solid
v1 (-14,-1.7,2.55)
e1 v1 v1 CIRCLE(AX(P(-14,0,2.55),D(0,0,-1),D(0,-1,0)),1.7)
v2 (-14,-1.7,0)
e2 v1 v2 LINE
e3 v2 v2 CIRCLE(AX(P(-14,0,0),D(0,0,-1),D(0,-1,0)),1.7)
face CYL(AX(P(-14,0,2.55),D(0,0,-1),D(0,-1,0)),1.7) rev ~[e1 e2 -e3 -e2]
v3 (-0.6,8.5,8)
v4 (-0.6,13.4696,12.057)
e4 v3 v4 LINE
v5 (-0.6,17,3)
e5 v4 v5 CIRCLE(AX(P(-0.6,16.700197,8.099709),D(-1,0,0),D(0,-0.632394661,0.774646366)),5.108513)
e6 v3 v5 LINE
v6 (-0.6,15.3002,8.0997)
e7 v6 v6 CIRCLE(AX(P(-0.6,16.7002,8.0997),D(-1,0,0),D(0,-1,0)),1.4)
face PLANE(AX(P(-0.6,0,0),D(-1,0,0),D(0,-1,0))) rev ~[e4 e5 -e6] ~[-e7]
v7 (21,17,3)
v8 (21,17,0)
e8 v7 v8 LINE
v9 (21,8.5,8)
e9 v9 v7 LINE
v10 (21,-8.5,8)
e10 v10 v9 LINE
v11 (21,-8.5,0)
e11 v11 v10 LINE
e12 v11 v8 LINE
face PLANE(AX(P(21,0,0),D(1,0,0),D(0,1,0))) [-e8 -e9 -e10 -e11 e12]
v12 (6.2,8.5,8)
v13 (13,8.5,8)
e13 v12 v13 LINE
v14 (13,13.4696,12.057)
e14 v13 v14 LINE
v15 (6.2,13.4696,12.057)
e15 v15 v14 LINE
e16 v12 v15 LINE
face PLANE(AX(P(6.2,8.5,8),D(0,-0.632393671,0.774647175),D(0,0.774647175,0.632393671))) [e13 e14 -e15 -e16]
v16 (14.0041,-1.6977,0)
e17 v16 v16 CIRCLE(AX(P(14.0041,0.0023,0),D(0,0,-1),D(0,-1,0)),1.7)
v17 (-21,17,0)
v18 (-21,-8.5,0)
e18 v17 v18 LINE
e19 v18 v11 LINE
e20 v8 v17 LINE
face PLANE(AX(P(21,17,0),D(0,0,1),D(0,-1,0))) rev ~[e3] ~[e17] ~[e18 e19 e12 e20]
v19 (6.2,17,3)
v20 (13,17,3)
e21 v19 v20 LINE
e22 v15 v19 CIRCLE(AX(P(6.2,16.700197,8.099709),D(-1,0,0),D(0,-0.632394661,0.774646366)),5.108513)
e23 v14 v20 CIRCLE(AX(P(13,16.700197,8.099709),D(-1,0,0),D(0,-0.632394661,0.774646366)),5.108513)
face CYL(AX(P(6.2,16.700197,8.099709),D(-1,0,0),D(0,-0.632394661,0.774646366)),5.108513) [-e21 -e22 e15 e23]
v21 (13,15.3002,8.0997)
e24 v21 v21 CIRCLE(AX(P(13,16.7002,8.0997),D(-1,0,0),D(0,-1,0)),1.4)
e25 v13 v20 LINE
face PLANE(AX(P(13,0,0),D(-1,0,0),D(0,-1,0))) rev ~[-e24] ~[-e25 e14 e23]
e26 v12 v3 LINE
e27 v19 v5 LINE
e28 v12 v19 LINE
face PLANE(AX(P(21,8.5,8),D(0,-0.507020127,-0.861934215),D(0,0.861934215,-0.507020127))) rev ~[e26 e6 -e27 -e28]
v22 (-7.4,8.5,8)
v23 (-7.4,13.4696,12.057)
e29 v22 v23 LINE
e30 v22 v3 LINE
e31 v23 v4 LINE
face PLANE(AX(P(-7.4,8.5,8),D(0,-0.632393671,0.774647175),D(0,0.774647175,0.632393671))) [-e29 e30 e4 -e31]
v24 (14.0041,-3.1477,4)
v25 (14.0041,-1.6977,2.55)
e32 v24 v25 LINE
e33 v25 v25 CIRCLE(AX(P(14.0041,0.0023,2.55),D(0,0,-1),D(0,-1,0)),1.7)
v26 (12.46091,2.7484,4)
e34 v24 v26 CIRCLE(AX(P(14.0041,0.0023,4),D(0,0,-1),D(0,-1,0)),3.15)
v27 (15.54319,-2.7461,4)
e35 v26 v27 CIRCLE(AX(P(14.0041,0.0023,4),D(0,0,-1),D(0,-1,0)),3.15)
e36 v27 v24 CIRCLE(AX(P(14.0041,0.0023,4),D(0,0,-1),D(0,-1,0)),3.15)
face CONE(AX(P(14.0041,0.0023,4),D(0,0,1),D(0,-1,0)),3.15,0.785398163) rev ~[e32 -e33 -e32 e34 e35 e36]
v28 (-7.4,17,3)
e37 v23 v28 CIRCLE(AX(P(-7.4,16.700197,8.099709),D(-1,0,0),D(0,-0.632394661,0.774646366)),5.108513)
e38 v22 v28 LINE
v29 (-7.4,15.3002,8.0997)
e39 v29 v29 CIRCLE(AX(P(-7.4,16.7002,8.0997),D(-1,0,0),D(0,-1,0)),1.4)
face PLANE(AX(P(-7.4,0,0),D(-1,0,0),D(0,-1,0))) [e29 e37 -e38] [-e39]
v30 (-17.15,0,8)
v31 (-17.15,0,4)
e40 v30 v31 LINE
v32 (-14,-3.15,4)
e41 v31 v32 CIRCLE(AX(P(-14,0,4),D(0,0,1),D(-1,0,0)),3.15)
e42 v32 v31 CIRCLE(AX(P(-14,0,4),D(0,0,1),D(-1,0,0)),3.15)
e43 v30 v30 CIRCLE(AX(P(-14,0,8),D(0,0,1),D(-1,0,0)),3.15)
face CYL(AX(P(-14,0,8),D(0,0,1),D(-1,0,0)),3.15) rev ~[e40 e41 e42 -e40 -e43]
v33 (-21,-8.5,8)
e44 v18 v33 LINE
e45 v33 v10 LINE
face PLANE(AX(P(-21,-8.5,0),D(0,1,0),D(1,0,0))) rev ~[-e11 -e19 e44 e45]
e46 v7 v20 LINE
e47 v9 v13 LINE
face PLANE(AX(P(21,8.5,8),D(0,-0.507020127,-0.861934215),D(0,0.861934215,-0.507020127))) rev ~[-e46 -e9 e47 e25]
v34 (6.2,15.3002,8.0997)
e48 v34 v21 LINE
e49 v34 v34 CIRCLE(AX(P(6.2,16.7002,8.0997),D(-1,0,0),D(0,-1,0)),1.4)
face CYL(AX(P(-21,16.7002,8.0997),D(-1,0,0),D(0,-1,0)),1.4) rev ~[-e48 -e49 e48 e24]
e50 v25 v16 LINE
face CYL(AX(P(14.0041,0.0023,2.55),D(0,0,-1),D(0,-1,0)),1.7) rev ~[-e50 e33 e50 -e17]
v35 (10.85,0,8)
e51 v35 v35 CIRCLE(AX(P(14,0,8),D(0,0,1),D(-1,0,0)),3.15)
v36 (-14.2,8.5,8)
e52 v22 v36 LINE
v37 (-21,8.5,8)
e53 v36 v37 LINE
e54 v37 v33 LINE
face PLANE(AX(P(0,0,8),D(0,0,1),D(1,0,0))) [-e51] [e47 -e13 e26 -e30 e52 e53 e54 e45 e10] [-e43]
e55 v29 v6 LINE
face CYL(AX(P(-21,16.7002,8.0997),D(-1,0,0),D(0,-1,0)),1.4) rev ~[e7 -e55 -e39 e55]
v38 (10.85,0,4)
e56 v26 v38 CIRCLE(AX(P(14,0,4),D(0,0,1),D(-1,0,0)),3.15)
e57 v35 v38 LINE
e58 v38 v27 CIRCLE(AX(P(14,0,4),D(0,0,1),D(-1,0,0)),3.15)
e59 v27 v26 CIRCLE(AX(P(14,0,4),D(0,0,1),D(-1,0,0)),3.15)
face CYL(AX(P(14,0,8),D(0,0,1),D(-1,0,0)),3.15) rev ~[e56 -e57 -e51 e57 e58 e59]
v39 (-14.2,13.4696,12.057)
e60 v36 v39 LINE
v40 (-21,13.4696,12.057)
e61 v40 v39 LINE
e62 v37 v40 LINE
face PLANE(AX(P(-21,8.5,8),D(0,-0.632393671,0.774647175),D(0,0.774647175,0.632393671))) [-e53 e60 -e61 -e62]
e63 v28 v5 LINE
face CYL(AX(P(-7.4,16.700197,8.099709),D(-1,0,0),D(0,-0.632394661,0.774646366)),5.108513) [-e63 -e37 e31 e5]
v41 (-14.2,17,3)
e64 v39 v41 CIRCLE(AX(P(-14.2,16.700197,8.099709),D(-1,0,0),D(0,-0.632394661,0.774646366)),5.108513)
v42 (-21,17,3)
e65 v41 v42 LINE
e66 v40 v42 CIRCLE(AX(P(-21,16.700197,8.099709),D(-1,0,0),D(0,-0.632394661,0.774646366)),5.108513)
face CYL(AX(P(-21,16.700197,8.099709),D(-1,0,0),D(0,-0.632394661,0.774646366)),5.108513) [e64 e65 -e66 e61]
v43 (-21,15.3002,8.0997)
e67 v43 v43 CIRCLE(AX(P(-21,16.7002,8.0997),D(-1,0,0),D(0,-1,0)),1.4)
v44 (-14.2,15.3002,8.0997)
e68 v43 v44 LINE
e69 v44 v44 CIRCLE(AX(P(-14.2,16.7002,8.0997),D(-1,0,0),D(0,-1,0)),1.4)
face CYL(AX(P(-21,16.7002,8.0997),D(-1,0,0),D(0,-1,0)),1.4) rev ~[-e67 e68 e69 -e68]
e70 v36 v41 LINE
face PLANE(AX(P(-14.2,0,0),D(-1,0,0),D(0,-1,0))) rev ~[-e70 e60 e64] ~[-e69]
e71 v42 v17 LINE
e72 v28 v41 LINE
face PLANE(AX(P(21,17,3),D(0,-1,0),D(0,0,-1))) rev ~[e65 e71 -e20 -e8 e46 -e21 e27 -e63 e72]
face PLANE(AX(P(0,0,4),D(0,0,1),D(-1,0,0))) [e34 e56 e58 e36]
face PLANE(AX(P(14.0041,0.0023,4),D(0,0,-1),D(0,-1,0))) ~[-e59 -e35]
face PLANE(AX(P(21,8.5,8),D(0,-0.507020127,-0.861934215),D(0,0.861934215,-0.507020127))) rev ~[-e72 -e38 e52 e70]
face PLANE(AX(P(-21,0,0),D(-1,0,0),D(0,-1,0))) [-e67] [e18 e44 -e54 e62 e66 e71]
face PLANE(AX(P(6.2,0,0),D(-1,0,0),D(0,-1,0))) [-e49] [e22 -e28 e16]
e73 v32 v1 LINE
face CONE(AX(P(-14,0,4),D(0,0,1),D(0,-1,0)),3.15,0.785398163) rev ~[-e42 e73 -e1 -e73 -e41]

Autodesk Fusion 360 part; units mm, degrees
sketch "Sketch1" plane through (0, 0, 0) normal (0, 0, 1) x (1, 0, 0)
  line L0 (21, 8.5) -> (-21, 8.5)
  line L1 (-21, 8.5) -> (-21, -8.5)
  line L2 (-21, -8.5) -> (21, -8.5)
  line L3 (21, -8.5) -> (21, 8.5)
  line L4 (21, 8.5) -> (-21, -8.5) construction
  line L5 (-21, 8.5) -> (21, -8.5) construction
  dimension "d1" = 17
  dimension "d2" = 42
extrude "Extrude1" add sketch "Sketch1" along normal blind 8
sketch "Sketch2" plane through (0, 0, 8) normal (0, 0, 1) x (-1, 0, 0)
  line L0 (-21, 8.5) -> (-21, -8.5)
  line L1 (-21, -8.5) -> (21, -8.5)
  line L2 (21, -8.5) -> (21, 8.5)
  line L3 (21, 8.5) -> (-21, 8.5)
  circle A0 centre (14, 0) radius 3.15
  circle A1 centre (-14, 0) radius 3.15
  dimension "d6" = 6.3
  dimension "d7" = 6.3
  dimension "d8" = 28
  dimension "d9" = 7
extrude "Extrude2" cut sketch "Sketch2" against normal blind 4 contours A0 | A1
hole "Hole1" at (-14, 0, 4) direction (0, 0, -1) diameter 3.4 depth 6 tip angle 118 countersink diameter 6.3 countersink angle 90
hole "Hole2" at (14.0041, 0.0023, 4) direction (0, 0, -1) diameter 3.4 depth 6 tip angle 118 countersink diameter 6.3 countersink angle 90
sketch "Sketch3" plane through (21, 0, 0) normal (1, 0, 0) x (0, 1, 0)
  line L0 (-8.5, 0) -> (8.5, 0)
  line L1 (8.5, 0) -> (8.5, 8)
  line L2 (8.5, 8) -> (-8.5, 8)
  line L3 (-8.5, 8) -> (-8.5, 0)
  line L4 (8.5, 8) -> (17, 3)
  line L5 (17, 3) -> (17, 0)
  line L6 (17, 0) -> (8.5, 0)
  dimension "d23" = 8.5
  dimension "d24" = 3
extrude "Extrude3" add sketch "Sketch3" against normal up to surface (42 mm away) contours L1 L4 L5 L6
sketch "Sketch4" plane through (-21, 0, 0) normal (-1, 0, 0) x (0, -1, 0)
  line L0 (-17, 0) -> (8.5, 0)
  line L1 (8.5, 0) -> (8.5, 8)
  line L2 (8.5, 8) -> (-8.5, 8)
  line L3 (-8.5, 8) -> (-17, 3)
  line L4 (-17, 3) -> (-17, 0)
  line L5 (-8.5, 8) -> (-13.4696, 12.057)
  arc A0 (-13.4696, 12.057) -> (-17, 3) centre (-16.7002, 8.0997) ccw
extrude "Extrude4" add sketch "Sketch4" against normal blind 6.8 contours L3 L5 A0
extrude "Extrude5" add 1 faces at (-14.2, 12.9899, 7.6857) along direction (1, 0, 0) blind 6.8 from surface at 6.8
extrude "Extrude6" add 1 faces at (-0.6, 12.9899, 7.6857) along direction (1, 0, 0) blind 6.8 from surface at 6.8
sketch "Sketch5" plane through (-21, 0, 0) normal (-1, 0, 0) x (0, -1, 0)
  line L0 (-17, 0) -> (8.5, 0)
  line L1 (8.5, 0) -> (8.5, 8)
  line L2 (8.5, 8) -> (-8.5, 8)
  line L3 (-8.5, 8) -> (-13.4696, 12.057)
  arc A0 (-13.4696, 12.057) -> (-17, 3) centre (-16.7002, 8.0997) ccw
  line L4 (-17, 3) -> (-17, 0)
  circle A1 centre (-16.7002, 8.0997) radius 1.4
  dimension "d35" = 2.8
extrude "Extrude7" cut sketch "Sketch5" against normal up to surface (34 mm away) contours A1
